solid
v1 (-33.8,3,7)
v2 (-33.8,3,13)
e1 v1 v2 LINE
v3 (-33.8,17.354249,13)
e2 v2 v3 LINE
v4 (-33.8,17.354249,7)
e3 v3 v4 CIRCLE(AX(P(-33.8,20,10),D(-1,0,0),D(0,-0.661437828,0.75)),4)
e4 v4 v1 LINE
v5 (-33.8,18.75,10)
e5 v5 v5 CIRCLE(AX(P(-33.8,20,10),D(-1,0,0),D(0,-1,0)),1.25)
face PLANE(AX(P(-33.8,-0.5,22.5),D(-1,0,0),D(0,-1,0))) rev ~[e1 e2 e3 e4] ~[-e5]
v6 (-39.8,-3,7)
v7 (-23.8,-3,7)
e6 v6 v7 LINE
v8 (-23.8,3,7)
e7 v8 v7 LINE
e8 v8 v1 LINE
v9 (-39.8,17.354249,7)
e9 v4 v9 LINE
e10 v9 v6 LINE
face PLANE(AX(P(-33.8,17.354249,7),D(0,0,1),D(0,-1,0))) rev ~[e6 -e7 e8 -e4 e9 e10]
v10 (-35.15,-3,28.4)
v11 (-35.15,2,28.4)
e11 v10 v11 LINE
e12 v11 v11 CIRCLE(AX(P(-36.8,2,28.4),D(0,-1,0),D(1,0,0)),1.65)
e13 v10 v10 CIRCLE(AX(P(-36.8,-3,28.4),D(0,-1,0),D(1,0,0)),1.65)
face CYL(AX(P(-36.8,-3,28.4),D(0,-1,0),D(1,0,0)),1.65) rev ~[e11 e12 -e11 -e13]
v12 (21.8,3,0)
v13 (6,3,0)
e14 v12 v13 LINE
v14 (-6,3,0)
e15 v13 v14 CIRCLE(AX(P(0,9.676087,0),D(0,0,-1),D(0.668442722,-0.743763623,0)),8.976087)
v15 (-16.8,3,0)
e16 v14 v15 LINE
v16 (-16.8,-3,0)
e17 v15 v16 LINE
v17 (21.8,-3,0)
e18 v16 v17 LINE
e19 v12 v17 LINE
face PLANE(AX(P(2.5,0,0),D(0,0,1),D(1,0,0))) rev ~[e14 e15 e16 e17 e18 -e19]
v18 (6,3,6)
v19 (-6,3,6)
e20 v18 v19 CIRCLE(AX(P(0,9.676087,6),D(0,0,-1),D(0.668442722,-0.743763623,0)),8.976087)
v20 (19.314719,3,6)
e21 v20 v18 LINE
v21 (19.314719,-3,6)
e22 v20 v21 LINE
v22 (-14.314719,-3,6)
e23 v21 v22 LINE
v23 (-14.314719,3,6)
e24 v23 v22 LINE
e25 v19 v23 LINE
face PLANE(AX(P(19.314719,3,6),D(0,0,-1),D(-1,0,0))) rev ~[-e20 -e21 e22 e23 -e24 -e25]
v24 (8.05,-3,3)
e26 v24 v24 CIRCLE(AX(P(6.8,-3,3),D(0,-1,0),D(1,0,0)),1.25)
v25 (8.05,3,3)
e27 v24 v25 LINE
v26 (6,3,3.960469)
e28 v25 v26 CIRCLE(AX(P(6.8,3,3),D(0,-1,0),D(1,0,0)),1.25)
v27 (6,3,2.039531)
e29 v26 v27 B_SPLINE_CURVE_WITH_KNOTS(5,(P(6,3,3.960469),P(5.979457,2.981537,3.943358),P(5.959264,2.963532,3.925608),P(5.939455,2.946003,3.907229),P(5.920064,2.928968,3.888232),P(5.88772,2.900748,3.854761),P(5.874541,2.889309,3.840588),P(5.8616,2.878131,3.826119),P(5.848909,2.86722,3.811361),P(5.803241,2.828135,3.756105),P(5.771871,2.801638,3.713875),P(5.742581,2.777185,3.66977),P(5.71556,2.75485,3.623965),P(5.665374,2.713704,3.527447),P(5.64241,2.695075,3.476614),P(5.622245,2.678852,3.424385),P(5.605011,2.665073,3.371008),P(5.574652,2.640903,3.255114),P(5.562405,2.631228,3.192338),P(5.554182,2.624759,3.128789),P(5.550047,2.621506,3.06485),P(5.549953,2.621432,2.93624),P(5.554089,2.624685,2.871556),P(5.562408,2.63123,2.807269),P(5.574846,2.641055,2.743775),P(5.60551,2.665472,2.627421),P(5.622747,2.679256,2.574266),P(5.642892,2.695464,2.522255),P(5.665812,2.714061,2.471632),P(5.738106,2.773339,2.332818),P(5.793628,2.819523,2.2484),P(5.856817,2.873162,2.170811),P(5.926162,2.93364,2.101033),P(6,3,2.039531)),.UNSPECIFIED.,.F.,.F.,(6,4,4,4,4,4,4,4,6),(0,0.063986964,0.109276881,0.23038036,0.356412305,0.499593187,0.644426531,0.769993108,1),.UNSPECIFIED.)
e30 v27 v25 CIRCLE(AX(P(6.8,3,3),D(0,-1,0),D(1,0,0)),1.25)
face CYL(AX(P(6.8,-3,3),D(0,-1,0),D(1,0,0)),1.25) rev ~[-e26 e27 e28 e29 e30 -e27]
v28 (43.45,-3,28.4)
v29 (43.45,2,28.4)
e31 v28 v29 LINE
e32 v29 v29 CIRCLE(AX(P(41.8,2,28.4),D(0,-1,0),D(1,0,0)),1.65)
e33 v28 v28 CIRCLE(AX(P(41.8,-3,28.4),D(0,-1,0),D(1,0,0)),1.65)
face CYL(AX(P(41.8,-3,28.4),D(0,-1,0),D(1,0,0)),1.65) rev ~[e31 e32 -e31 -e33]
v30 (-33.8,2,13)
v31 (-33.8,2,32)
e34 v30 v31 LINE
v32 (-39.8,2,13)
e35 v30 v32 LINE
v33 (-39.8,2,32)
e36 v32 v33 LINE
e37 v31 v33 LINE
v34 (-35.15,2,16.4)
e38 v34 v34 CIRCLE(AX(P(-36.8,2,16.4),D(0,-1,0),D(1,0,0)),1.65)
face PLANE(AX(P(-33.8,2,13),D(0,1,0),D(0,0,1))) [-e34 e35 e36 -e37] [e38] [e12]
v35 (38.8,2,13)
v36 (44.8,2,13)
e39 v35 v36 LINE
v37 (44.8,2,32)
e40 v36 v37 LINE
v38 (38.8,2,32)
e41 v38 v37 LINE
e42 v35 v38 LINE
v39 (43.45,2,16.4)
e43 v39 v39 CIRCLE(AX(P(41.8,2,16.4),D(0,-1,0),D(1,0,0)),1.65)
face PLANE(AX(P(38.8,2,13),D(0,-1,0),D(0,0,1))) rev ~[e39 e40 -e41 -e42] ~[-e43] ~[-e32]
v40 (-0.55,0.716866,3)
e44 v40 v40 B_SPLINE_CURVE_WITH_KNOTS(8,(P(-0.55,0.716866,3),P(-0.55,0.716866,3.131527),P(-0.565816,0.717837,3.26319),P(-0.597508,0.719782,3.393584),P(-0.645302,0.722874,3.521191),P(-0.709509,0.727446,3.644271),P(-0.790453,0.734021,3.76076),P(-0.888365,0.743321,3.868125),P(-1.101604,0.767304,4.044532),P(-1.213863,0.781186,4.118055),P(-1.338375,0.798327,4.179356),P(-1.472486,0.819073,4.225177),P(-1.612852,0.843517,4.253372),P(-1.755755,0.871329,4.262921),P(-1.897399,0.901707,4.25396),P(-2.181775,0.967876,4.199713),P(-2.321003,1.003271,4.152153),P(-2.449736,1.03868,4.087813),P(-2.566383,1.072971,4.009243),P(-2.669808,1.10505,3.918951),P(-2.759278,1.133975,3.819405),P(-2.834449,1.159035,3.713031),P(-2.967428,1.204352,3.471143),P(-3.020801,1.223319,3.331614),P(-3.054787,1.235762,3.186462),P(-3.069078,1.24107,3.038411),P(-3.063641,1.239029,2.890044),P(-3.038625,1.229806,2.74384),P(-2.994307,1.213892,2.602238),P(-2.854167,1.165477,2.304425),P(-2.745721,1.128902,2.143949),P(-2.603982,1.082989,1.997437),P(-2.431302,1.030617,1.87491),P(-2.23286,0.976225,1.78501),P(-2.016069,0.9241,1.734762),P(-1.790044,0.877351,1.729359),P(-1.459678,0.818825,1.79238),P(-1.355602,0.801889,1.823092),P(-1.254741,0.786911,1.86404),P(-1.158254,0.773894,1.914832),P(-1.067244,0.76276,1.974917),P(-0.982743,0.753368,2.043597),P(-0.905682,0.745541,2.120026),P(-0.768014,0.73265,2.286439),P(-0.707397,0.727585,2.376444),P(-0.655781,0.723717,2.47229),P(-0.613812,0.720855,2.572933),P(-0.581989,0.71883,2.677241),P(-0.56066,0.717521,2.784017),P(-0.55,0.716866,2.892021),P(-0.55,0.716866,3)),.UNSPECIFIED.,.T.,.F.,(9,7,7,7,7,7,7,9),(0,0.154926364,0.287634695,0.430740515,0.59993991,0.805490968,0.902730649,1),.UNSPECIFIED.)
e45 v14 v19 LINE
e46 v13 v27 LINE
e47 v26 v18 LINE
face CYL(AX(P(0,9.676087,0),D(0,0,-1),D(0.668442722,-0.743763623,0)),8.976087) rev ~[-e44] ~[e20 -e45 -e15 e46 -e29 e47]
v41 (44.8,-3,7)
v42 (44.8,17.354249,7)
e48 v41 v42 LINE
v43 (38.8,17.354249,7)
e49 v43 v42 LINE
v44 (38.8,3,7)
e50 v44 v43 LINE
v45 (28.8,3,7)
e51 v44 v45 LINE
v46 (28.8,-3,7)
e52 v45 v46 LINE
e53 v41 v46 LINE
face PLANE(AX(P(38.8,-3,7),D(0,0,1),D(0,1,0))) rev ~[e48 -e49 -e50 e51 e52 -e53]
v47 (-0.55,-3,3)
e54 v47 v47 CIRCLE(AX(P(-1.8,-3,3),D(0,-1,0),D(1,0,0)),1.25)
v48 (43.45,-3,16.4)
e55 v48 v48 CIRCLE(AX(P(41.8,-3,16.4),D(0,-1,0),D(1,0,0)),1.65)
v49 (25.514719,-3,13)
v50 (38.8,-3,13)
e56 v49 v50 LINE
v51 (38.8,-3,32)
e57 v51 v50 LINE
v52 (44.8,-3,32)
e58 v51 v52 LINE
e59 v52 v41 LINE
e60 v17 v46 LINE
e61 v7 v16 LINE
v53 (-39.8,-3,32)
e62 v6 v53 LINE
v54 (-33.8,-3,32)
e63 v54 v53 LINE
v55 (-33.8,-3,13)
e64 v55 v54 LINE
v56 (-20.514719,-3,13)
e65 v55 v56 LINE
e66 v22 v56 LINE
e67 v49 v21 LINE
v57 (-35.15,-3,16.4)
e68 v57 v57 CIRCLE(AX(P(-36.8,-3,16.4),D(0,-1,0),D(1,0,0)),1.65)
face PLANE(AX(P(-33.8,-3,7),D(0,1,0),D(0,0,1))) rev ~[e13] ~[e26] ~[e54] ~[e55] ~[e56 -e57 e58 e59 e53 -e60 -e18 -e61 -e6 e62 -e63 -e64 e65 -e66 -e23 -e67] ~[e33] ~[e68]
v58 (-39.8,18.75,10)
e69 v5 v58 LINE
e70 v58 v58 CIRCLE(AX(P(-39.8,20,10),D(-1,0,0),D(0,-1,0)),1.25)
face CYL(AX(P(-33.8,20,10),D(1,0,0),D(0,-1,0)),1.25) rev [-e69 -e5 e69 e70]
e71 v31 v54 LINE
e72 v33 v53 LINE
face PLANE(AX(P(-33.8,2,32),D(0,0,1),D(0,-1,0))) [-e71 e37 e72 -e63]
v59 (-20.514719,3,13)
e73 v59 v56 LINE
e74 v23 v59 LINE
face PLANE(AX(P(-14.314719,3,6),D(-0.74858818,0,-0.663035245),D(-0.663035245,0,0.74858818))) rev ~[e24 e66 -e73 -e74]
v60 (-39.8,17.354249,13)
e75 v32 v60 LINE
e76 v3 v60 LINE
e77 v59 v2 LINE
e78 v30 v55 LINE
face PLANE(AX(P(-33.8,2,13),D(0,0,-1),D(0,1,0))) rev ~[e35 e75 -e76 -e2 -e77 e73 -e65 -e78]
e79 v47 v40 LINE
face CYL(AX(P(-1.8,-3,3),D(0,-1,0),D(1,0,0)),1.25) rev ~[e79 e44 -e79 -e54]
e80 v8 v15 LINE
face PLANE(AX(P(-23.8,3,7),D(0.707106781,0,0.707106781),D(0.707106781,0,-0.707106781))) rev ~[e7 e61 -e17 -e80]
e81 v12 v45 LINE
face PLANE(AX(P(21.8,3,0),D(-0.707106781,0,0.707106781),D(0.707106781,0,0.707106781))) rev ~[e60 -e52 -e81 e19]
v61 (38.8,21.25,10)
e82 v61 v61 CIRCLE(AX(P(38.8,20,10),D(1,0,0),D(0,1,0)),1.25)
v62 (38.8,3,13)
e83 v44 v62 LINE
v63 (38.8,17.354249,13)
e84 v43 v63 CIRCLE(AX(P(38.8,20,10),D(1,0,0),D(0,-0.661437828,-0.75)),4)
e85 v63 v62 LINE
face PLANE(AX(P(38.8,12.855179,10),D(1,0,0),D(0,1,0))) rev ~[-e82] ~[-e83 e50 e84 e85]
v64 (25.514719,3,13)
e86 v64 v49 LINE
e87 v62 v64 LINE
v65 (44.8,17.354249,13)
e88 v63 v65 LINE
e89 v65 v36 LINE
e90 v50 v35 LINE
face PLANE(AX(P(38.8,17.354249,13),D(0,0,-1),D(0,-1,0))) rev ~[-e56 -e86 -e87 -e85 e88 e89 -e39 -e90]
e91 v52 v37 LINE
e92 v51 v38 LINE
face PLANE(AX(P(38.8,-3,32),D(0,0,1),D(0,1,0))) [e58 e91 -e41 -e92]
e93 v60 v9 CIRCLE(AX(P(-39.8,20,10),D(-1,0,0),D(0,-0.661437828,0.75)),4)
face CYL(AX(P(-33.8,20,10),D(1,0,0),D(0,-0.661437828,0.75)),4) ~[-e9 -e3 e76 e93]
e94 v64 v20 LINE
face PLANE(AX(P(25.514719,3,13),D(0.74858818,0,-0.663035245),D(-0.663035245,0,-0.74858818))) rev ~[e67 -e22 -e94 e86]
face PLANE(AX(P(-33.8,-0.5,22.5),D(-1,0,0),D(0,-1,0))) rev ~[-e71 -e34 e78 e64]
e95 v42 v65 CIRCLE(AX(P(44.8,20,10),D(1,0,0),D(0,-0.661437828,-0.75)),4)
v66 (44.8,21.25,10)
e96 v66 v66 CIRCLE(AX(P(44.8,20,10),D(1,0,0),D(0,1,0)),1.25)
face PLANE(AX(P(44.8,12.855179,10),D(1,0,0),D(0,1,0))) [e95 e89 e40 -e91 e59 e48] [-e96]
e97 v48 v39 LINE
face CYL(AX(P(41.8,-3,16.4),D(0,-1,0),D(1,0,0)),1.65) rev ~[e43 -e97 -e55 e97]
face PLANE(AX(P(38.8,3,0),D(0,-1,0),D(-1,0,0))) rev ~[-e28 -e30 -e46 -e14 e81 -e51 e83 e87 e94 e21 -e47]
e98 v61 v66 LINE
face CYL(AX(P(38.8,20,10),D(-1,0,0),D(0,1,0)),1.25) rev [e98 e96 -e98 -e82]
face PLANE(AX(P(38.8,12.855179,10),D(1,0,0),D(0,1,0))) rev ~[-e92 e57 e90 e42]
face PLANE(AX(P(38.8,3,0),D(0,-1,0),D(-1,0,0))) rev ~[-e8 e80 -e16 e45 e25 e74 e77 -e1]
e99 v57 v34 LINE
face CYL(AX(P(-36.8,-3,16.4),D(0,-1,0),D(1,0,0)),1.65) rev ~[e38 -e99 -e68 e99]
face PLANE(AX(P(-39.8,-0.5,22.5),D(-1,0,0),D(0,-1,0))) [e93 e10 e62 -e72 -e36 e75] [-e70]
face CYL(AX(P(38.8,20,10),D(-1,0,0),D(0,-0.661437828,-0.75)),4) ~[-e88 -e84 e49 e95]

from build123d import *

# Parameters (mm, degrees)
F1_DEPTH  = 13
F2_W      = 10
F2_H      = 7
F3_DEPTH  = 6.001
F5_DEPTH  = 13.001
F6_R      = 1.25
F7_DEPTH  = 6.001
F8_R      = 1.25
F8_W      = 5
F8_H      = 19
F9_DEPTH  = 6
F10_R     = 1.65
F11_DEPTH = 27.001
F12_W     = 5
F12_H     = 19
F12_R     = 1.25
F13_DEPTH = 6
F14_R     = 1.65
F15_DEPTH = 27.001


with BuildPart() as f1:
    # F0 (on Top) → F1 (new body)
    with BuildSketch(Plane.XY):
        Polygon((38.8, 3), (-33.8, 3), (-33.8, -3), (-6, -3), (6, -3), (38.8, -3), align=None)
    extrude(amount=F1_DEPTH)

    # F2 (on face) → F3 (cut, through all)
    with BuildSketch(Plane(origin=(0, 3, 0), x_dir=(-1, 0, 0), z_dir=(0, 1, 0))):
        Polygon((-28.8, 7), (-28.8, 0), (-21.8, 0), align=None)
        with Locations((-33.8, 3.5)):
            Rectangle(F2_W, F2_H)
        Polygon((20.5147186258, 13), (-25.5147186258, 13), (-19.3147186258, 6), (14.3147186258, 6), align=None)
        Polygon((23.8, 7), (16.8, 0), (23.8, 0), align=None)
        with Locations((28.8, 3.5)):
            Rectangle(F2_W, F2_H)
    extrude(amount=-F3_DEPTH, mode=Mode.SUBTRACT)

    # F4 (on face) → F5 (cut, through all)
    with BuildSketch(Plane(origin=(0, 0, 0), x_dir=(1, 0, 0), z_dir=(0, 0, -1))):
        with BuildLine():
            Line((-6, -3), (6, -3))
            ThreePointArc((6, -3), (0, -0.7), (-6, -3))
        make_face()
    extrude(amount=-F5_DEPTH, mode=Mode.SUBTRACT)

    # F6 (on face) → F7 (cut, through all)
    with BuildSketch(Plane.XZ.offset(3)):
        with Locations((-1.8, 3)):
            Circle(F6_R)
        with Locations((6.8, 3)):
            Circle(F6_R)
    extrude(amount=-F7_DEPTH, mode=Mode.SUBTRACT)

    # F8 (on face) → F9 (join)
    with BuildSketch(Plane.YZ.offset(38.8)):
        with BuildLine():
            Line((3, 13), (3, 7))
            Line((3, 7), (17.3542486889, 7))
            ThreePointArc((17.3542486889, 7), (24, 10), (17.3542486889, 13))
            Line((17.3542486889, 13), (3, 13))
        make_face()
        with Locations((20, 10)):
            Circle(F8_R, mode=Mode.SUBTRACT)
        with Locations((-0.5, 22.5)):
            Rectangle(F8_W, F8_H)
        Polygon((-3, 13), (-3, 7), (3, 7), (3, 13), (2, 13), align=None)
    extrude(amount=F9_DEPTH)

    # F10 (on face) → F11 (cut, through all)
    with BuildSketch(Plane.XZ.offset(3)):
        with Locations((41.8, 16.4)):
            Circle(F10_R)
        with Locations((41.8, 28.4)):
            Circle(F10_R)
    extrude(amount=-F11_DEPTH, mode=Mode.SUBTRACT)

    # F12 (on face) → F13 (join)
    with BuildSketch(Plane(origin=(-33.8, 0, 0), x_dir=(0, -1, 0), z_dir=(-1, 0, 0))):
        with Locations((0.5, 22.5)):
            Rectangle(F12_W, F12_H)
        with BuildLine():
            Line((-17.3542486889, 7), (-3, 7))
            Line((-3, 7), (-3, 13))
            Line((-3, 13), (-17.3542486889, 13))
            ThreePointArc((-17.3542486889, 13), (-24, 10), (-17.3542486889, 7))
        make_face()
        with Locations((-20, 10)):
            Circle(F12_R, mode=Mode.SUBTRACT)
        Polygon((3, 7), (3, 13), (-2, 13), (-3, 13), (-3, 7), align=None)
    extrude(amount=F13_DEPTH)

    # F14 (on face) → F15 (cut, through all)
    with BuildSketch(Plane.XZ.offset(3)):
        with Locations((-36.8, 28.4)):
            Circle(F14_R)
        with Locations((-36.8, 16.4)):
            Circle(F14_R)
    extrude(amount=-F15_DEPTH, mode=Mode.SUBTRACT)


solid = f1.part
